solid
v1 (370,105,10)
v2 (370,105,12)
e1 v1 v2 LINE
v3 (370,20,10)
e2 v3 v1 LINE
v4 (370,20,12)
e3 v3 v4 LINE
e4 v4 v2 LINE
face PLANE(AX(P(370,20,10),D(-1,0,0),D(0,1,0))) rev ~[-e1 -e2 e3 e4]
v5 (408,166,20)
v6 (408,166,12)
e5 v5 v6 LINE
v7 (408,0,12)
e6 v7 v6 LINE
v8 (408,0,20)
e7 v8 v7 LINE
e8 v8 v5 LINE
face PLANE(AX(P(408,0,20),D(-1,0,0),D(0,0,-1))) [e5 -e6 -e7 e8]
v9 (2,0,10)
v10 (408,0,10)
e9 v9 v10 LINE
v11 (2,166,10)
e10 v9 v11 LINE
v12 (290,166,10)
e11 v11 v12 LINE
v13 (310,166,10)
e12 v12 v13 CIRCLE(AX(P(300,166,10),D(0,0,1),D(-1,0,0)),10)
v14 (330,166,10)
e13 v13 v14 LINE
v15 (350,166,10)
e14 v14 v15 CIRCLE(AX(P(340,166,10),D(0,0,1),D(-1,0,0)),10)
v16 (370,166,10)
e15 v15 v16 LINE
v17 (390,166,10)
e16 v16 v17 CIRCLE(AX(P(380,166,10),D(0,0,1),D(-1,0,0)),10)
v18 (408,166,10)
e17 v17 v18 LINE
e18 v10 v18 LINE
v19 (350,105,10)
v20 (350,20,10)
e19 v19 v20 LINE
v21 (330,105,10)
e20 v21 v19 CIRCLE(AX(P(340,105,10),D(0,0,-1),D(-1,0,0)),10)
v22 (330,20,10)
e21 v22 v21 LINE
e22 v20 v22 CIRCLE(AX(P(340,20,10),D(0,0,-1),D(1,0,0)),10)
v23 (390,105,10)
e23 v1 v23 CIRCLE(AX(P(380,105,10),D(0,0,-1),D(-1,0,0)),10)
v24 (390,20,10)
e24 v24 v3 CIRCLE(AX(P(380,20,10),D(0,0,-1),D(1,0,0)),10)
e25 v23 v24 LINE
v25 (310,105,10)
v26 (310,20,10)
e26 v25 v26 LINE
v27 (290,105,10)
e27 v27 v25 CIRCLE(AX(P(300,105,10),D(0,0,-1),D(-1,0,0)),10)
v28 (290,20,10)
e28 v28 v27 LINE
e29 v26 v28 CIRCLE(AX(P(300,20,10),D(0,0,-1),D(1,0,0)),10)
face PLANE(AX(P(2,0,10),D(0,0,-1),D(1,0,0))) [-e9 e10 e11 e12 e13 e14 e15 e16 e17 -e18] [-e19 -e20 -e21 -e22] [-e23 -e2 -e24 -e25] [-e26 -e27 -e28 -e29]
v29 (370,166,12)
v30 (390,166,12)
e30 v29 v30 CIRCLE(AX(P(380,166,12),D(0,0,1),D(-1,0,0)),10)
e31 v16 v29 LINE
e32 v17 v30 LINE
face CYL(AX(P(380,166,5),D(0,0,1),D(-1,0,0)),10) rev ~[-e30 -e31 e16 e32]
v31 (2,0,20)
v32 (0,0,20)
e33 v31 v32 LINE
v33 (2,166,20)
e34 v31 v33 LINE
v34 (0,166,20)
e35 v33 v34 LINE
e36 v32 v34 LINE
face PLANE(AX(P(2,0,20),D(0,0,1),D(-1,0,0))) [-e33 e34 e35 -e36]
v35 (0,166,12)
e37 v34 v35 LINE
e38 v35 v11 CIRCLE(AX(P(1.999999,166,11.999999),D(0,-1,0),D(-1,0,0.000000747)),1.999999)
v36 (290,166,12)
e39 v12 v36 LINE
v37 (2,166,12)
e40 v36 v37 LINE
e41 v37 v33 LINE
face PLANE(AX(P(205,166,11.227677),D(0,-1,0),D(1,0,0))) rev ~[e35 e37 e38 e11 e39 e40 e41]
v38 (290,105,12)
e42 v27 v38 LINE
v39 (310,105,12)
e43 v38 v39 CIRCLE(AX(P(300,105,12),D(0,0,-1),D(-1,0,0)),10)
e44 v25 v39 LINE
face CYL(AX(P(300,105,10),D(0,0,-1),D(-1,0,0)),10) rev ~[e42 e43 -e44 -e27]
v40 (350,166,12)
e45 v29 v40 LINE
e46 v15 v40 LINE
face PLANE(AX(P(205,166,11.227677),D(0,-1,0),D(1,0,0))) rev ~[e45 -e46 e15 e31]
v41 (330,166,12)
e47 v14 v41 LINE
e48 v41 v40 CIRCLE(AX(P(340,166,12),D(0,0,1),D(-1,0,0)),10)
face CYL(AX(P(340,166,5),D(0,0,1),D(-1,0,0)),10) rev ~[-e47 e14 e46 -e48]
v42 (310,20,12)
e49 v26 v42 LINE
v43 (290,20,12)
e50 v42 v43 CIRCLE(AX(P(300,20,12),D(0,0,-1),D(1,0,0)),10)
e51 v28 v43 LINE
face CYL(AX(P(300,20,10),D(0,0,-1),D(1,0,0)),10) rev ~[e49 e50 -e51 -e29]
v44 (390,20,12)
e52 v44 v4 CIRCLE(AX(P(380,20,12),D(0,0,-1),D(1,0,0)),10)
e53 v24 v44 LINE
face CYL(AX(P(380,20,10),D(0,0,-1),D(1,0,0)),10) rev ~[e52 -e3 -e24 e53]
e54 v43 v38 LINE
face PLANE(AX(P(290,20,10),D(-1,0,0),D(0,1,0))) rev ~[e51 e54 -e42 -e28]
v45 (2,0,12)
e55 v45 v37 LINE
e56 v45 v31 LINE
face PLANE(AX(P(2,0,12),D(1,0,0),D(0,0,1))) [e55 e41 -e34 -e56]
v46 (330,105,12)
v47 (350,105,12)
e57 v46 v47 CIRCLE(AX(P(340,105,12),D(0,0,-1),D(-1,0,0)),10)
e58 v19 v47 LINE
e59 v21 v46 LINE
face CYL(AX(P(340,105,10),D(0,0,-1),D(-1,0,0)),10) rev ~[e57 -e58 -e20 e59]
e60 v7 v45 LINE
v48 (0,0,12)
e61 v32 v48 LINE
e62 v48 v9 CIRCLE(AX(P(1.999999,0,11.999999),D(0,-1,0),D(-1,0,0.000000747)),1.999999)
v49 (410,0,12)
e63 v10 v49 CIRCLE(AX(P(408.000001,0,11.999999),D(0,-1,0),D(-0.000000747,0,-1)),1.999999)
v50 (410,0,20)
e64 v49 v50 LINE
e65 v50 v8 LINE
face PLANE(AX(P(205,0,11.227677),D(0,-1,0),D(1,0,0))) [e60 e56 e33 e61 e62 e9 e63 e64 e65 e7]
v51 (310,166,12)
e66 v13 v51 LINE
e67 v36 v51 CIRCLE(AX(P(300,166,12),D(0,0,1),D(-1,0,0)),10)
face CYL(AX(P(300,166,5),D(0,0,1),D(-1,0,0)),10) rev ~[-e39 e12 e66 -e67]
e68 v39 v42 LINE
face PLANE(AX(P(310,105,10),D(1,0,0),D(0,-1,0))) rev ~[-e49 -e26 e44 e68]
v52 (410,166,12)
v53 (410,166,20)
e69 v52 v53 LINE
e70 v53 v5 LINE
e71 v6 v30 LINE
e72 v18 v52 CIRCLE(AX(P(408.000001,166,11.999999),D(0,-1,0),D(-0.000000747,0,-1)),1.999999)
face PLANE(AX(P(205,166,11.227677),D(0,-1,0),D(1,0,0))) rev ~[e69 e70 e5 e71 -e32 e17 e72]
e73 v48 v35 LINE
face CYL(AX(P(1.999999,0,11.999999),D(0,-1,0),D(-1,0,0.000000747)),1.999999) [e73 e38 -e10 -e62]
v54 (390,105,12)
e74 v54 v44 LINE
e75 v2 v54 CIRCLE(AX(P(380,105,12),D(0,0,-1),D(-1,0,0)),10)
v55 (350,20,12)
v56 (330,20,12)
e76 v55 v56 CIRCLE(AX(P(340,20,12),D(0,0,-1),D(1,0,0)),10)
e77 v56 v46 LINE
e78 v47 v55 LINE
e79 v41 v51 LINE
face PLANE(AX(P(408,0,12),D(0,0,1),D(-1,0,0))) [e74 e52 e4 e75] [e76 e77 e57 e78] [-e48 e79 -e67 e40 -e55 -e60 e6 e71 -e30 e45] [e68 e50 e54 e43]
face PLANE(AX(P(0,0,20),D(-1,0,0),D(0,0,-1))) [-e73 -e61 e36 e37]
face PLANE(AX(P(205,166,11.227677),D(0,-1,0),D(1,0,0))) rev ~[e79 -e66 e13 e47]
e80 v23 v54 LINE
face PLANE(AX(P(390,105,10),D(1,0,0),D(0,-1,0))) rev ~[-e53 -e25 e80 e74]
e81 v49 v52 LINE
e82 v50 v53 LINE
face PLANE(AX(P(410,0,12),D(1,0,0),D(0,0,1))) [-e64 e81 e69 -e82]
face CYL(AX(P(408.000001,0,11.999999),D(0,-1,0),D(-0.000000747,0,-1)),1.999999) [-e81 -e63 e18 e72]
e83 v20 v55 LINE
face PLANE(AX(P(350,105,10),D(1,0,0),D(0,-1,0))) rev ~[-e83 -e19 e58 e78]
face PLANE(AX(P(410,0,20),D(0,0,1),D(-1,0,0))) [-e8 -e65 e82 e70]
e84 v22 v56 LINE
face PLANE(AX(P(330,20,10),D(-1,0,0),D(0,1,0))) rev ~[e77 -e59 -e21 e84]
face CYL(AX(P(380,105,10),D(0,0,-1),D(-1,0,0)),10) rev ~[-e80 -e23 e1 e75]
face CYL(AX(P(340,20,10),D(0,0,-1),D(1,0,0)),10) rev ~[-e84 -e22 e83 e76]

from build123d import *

# Parameters (mm, degrees)
F1_DEPTH = 166
F3_DEPTH = 2
F4_D     = 20
F4_DEPTH = 5


with BuildPart() as f1:
    # F0 (on Front) → F1 (new body)
    with BuildSketch(Plane.XZ):
        with BuildLine():
            ThreePointArc((0, 12), (0.585786, 10.585786), (2, 10))
            Line((2, 10), (408, 10))
            ThreePointArc((408, 10), (409.414214, 10.585786), (410, 12))
            Line((410, 12), (410, 20))
            Line((410, 20), (408, 20))
            Line((408, 20), (408, 12))
            Line((408, 12), (2, 12))
            Line((2, 12), (2, 20))
            Line((2, 20), (0, 20))
            Line((0, 20), (0, 12))
        make_face()
    extrude(amount=-F1_DEPTH)

    # F2 (on face) → F3 (cut, through all)
    with BuildSketch(Plane(origin=(0, 0, 10), x_dir=(1, 0, 0), z_dir=(0, 0, -1))):
        with BuildLine():
            ThreePointArc((310, -20), (300, -10), (290, -20))
            Line((290, -20), (290, -105))
            ThreePointArc((290, -105), (300, -115), (310, -105))
            Line((310, -105), (310, -20))
        make_face()
        with BuildLine():
            ThreePointArc((350, -20), (340, -10), (330, -20))
            Line((330, -20), (330, -105))
            ThreePointArc((330, -105), (340, -115), (350, -105))
            Line((350, -105), (350, -20))
        make_face()
        with BuildLine():
            ThreePointArc((390, -20), (380, -10), (370, -20))
            Line((370, -20), (370, -105))
            ThreePointArc((370, -105), (380, -115), (390, -105))
            Line((390, -105), (390, -20))
        make_face()
    extrude(amount=-F3_DEPTH, mode=Mode.SUBTRACT)

    # F4
    with Locations(Plane(origin=(0, 0, 10), x_dir=(1, 0, 0), z_dir=(0, 0, -1))):
        with Locations((300, -166), (340, -166), (380, -166)):
            Hole(F4_D / 2, depth=F4_DEPTH)


solid = f1.part
